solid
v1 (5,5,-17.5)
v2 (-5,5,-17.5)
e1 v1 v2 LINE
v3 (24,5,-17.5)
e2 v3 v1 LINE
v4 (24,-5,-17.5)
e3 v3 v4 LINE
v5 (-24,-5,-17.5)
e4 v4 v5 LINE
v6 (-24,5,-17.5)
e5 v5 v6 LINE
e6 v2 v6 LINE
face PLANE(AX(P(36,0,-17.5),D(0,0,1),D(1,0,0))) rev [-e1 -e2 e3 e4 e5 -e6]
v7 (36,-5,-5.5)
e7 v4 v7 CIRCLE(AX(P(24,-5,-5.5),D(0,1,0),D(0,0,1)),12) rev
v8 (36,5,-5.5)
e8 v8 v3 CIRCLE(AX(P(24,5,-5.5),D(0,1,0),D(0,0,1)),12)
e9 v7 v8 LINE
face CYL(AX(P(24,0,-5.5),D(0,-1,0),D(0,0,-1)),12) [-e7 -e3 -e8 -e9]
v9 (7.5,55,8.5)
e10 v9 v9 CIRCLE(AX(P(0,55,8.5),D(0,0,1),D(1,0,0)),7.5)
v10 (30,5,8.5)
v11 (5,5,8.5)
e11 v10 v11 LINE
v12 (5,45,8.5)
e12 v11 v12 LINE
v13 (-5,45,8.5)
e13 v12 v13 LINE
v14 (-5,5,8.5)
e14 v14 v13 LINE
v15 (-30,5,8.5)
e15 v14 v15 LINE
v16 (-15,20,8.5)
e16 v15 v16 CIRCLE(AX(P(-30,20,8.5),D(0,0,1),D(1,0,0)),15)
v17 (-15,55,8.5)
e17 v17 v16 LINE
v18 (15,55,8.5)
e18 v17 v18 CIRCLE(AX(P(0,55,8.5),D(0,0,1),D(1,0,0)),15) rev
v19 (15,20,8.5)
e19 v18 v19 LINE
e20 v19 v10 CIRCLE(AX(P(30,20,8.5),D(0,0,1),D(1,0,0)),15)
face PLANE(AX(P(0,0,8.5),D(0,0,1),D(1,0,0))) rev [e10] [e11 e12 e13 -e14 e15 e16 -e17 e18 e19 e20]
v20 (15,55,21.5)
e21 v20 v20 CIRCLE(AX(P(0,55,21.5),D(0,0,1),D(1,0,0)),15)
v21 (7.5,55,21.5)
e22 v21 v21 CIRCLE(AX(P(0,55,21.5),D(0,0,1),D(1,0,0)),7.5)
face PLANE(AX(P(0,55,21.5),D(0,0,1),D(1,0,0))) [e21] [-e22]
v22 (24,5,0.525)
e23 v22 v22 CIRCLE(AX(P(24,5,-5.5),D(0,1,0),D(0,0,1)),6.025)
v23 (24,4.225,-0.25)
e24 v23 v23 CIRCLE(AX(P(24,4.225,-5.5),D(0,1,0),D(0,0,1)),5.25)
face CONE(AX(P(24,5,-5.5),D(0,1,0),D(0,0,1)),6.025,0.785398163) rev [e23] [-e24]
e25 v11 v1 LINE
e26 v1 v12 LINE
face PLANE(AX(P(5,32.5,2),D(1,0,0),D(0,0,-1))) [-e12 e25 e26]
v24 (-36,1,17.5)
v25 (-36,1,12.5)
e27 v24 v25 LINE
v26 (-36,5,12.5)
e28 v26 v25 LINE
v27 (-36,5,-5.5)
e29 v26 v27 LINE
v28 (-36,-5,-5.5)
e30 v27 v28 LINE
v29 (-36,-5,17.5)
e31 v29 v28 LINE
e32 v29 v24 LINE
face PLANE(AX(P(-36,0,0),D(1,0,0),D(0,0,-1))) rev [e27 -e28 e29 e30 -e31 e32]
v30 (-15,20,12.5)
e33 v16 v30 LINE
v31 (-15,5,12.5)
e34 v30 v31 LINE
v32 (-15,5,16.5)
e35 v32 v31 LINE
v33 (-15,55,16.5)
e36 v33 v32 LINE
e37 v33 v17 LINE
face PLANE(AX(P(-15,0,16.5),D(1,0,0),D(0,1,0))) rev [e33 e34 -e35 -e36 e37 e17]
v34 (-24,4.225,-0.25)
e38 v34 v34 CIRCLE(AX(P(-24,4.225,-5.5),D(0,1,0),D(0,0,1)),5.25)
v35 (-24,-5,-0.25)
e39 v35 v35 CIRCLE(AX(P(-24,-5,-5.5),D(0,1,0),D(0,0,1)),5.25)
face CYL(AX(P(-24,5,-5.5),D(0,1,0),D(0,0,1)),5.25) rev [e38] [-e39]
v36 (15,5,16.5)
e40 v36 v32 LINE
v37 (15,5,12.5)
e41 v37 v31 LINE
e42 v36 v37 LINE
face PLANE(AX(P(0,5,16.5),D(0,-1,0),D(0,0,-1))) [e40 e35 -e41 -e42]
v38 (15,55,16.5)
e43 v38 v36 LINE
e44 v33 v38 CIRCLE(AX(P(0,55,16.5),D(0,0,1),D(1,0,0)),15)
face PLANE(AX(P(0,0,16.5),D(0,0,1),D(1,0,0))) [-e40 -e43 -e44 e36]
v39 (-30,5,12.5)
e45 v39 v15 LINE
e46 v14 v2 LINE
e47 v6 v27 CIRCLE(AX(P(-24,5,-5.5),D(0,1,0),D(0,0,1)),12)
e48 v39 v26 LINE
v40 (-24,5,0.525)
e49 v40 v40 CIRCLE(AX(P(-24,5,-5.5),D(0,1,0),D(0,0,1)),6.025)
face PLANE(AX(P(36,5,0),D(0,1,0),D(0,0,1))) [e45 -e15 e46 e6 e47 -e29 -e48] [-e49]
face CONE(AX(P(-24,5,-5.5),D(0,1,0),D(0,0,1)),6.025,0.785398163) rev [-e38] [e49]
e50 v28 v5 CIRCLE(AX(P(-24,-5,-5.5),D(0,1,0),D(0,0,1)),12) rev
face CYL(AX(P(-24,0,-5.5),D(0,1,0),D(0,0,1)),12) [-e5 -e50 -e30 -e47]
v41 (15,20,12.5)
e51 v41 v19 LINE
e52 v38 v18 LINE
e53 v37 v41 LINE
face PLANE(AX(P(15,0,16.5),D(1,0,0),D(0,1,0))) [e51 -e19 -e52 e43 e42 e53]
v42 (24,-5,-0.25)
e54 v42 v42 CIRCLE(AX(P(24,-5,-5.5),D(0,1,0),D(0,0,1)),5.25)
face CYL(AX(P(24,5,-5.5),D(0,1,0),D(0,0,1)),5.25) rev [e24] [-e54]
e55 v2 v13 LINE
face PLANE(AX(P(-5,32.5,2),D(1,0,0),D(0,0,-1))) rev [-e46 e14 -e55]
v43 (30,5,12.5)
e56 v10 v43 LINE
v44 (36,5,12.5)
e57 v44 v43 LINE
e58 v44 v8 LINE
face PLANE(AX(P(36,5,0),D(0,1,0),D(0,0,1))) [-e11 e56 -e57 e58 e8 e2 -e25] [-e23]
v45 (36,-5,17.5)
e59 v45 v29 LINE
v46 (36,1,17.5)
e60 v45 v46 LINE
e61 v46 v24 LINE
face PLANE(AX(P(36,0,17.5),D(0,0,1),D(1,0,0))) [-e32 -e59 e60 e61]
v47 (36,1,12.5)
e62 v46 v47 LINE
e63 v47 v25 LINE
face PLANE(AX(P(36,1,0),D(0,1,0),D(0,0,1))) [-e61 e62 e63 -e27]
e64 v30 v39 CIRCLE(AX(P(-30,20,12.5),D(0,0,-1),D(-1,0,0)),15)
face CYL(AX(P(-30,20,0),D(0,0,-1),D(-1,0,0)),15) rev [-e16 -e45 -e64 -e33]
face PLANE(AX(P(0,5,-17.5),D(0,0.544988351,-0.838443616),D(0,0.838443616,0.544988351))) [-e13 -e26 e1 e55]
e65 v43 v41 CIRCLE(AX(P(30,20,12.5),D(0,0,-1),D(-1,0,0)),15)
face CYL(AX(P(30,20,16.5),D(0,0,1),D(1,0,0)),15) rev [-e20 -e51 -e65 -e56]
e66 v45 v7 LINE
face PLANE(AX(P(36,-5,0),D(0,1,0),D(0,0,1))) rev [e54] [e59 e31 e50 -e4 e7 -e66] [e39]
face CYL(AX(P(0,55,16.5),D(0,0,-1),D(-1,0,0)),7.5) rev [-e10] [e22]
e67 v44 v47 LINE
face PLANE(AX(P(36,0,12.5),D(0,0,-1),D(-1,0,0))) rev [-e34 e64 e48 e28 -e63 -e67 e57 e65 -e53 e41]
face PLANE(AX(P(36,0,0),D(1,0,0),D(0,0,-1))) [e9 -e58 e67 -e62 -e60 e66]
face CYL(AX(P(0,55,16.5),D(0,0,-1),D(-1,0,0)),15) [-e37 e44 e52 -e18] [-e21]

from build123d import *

# Parameters (mm, degrees)
BOSS_EXTRUDE1_DEPTH              = 36
SKETCH2_R                        = 7.5
BOSS_EXTRUDE2_DEPTH              = 4
SKETCH3_R                        = 15
SKETCH3_R_2                      = 7.5
BOSS_EXTRUDE3_DEPTH              = 5
FILLET2_R                        = 15
RIB1_REACH                       = 83.598
SKETCH4_WALL_W                   = 212.903642704
SKETCH4_WALL_H                   = 10
FILLET3_R                        = 12
M12X1_5_TAPPED_HOLE1_D           = 10.5
M12X1_5_TAPPED_HOLE1_CSINK_D     = 12.05
M12X1_5_TAPPED_HOLE1_CSINK_ANGLE = 90


with BuildPart() as part:
    # Sketch1 → Boss-Extrude1 (new, symmetric)
    with BuildSketch(Plane(origin=(0, 0, 0), x_dir=(0, 0, -1), z_dir=(1, 0, 0))):
        Polygon((-17.5, 1), (-17.5, -5), (17.5, -5), (17.5, 5), (-12.5, 5), (-12.5, 1), align=None)
    extrude(amount=BOSS_EXTRUDE1_DEPTH, both=True)

    # Sketch2 → Boss-Extrude2 (add, symmetric)
    with BuildSketch(Plane.XY.offset(12.5)):
        with BuildLine():
            ThreePointArc((15, 55), (0, 70), (-15, 55))
            Line((-15, 55), (-15, 5))
            Line((-15, 5), (15, 5))
            Line((15, 5), (15, 55))
        make_face()
        with Locations((0, 55)):
            Circle(SKETCH2_R, mode=Mode.SUBTRACT)
    extrude(amount=BOSS_EXTRUDE2_DEPTH, both=True)

    # Sketch3 → Boss-Extrude3 (add)
    with BuildSketch(Plane.XY.offset(16.5)):
        with Locations((0, 55)):
            Circle(SKETCH3_R)
        with Locations((0, 55)):
            Circle(SKETCH3_R_2, mode=Mode.SUBTRACT)
    extrude(amount=BOSS_EXTRUDE3_DEPTH)

    # Fillet2
    fillet2_edges = [part.edges().sort_by_distance(p)[0] for p in [
        (-15, 5, 10.5),
        (15, 5, 10.5),
    ]]
    fillet(fillet2_edges, radius=FILLET2_R)

    # Sketch4 wall → Rib1 (add, up to next)
    with BuildSketch(Plane(origin=(0, 25, -4.5), x_dir=(0, 0.838443616301, 0.544988350595), z_dir=(0, -0.544988350595, 0.838443616301)), mode=Mode.PRIVATE) as rib1_sk1:
        Rectangle(SKETCH4_WALL_W, SKETCH4_WALL_H)
    rib1_tool1 = extrude(rib1_sk1.sketch, amount=RIB1_REACH, mode=Mode.PRIVATE) - part.part
    add(rib1_tool1.solids().sort_by_distance((0, 25, -4.5))[0])

    # Fillet3
    fillet3_edges = [part.edges().sort_by_distance(p)[0] for p in [
        (36, 0, -17.5),
        (-36, 0, -17.5),
    ]]
    fillet(fillet3_edges, radius=FILLET3_R)

    # M12x1.5 Tapped Hole1 (through all)
    with Locations(Plane(origin=(0, 5, 0), x_dir=(1, 0, 0), z_dir=(0, 1, 0))):
        with Locations((24, 5.5), (-24, 5.5)):
            CounterSinkHole(M12X1_5_TAPPED_HOLE1_D / 2, M12X1_5_TAPPED_HOLE1_CSINK_D / 2, counter_sink_angle=M12X1_5_TAPPED_HOLE1_CSINK_ANGLE)


solid = part.part
